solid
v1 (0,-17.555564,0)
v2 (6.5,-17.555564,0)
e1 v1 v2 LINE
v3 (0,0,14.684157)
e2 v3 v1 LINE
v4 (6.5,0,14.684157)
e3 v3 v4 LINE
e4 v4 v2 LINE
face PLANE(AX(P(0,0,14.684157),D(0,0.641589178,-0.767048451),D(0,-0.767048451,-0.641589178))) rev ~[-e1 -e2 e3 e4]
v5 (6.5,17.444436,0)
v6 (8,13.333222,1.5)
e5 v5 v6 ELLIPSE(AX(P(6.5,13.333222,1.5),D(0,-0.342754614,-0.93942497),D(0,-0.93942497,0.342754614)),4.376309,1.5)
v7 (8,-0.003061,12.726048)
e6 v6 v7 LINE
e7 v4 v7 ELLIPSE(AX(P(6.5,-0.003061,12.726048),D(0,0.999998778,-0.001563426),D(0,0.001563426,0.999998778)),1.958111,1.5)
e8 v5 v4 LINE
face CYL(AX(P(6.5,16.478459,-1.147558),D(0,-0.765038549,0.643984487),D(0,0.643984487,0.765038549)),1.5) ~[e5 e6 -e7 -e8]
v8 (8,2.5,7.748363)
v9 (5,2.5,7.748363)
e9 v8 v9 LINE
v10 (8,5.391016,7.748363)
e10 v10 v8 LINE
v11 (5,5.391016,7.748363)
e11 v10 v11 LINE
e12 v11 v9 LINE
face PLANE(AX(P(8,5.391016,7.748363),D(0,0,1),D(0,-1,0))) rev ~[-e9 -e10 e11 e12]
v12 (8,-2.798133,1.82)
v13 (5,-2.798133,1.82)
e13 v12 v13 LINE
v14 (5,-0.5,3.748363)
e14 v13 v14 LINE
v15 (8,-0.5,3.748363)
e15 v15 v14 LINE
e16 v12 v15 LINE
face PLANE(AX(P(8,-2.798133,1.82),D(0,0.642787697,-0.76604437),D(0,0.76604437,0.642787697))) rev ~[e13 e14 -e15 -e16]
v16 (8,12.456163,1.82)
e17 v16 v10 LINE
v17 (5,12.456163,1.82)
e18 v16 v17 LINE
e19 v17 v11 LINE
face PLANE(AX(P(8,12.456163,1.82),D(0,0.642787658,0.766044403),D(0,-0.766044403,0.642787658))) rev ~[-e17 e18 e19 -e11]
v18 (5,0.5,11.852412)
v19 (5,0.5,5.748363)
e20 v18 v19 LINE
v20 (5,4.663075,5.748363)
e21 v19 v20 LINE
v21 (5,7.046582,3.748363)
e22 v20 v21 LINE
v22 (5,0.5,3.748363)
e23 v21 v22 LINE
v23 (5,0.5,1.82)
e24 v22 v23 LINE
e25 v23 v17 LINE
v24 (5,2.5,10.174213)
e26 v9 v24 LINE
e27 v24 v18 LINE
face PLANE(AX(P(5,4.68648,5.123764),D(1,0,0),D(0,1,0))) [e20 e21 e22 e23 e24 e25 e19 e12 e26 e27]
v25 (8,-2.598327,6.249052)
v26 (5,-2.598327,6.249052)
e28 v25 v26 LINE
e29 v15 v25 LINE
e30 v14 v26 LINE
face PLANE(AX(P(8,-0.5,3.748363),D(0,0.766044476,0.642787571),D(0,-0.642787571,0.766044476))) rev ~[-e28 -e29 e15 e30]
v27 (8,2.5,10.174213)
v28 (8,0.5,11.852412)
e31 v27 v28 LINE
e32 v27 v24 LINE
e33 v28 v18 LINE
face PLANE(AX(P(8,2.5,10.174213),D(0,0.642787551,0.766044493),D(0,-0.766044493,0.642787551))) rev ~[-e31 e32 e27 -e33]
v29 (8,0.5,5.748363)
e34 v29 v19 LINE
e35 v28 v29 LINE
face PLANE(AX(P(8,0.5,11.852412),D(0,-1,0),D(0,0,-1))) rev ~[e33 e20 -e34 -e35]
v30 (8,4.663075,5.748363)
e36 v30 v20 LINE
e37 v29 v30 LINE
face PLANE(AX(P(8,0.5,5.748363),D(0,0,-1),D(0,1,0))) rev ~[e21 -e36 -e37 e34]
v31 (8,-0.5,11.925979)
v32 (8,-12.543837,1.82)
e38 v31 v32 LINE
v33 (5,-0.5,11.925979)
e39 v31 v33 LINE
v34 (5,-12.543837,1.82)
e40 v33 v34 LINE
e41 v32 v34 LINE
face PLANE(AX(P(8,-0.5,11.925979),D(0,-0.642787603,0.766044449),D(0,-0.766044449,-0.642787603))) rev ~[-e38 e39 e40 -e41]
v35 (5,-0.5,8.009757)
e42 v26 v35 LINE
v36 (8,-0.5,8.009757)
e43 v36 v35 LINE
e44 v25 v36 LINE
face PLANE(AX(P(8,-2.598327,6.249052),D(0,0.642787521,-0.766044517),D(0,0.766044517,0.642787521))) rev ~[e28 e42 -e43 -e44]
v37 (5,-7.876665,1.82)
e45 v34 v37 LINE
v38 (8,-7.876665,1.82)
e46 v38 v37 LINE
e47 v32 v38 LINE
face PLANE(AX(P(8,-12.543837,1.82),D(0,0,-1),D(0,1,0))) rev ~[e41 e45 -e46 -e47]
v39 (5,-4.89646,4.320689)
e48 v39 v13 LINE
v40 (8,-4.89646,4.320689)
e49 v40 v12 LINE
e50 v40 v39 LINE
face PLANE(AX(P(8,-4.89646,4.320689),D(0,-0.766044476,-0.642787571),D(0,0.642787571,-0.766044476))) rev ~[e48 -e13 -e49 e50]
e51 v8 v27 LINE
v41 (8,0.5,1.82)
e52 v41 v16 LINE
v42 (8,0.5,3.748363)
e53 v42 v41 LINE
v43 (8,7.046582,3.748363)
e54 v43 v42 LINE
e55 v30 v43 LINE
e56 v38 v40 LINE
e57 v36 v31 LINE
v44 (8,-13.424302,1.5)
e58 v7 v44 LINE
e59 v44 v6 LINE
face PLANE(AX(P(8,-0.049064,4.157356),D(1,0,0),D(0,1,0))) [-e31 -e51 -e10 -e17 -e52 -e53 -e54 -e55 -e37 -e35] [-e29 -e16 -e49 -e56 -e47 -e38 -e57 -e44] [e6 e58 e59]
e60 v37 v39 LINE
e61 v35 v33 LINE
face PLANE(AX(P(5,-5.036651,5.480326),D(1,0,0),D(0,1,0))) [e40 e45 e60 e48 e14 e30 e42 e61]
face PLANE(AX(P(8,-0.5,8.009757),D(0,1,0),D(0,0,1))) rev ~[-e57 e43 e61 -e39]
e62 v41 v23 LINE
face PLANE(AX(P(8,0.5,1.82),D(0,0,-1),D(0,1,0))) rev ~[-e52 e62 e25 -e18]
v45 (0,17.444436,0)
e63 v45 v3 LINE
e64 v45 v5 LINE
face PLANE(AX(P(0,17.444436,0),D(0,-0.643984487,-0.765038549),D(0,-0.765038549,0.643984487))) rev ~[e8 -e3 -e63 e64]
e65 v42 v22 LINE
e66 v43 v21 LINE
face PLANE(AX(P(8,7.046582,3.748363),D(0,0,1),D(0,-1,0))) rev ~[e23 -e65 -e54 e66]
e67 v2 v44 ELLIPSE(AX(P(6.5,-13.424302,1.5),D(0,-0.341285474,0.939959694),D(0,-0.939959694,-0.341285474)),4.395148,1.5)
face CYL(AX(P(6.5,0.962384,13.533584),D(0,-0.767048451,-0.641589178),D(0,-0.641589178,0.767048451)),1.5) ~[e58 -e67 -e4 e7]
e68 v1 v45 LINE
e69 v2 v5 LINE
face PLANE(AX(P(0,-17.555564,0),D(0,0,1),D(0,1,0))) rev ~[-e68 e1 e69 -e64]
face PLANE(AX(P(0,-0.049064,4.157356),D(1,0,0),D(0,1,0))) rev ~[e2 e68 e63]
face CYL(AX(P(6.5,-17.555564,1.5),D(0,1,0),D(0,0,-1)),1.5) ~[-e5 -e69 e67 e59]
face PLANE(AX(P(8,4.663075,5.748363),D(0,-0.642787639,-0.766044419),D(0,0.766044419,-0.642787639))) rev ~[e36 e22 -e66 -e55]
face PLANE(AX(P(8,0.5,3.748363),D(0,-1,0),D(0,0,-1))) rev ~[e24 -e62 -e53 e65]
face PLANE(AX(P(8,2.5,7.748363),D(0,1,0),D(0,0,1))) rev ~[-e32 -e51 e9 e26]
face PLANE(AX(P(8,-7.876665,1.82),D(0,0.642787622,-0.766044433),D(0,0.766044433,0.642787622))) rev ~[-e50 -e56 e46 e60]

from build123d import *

# Parameters (mm, degrees)
F1_DEPTH = 8
F3_DEPTH = 3
F4_R     = 1.5


with BuildPart() as f1:
    # F0 (on Right) → F1 (new body)
    with BuildSketch(Plane.YZ):
        Polygon((0, 14.684157), (-17.555564, 0), (17.444436, 0), align=None)
    extrude(amount=F1_DEPTH)

    # F2 (on face) → F3 (cut)
    with BuildSketch(Plane.YZ.offset(8)):
        Polygon((-0.5, 11.925979), (-12.543837, 1.82), (-7.876665, 1.82), (-4.89646, 4.320689), (-2.798133, 1.82), (-0.5, 3.748363), (-2.598327, 6.249052), (-0.5, 8.009757), align=None)
        Polygon((2.5, 10.174213), (0.5, 11.852412), (0.5, 5.748363), (4.663075, 5.748363), (7.046582, 3.748363), (0.5, 3.748363), (0.5, 1.82), (12.456163, 1.82), (5.391016, 7.748363), (2.5, 7.748363), align=None)
    extrude(amount=-F3_DEPTH, mode=Mode.SUBTRACT)

    # F4
    f4_edges = [f1.edges().sort_by_distance(p)[0] for p in [
        (8, 8.722218, 7.342078),
        (8, -8.777782, 7.342078),
        (8, -0.055564, 0),
    ]]
    fillet(f4_edges, radius=F4_R)


solid = f1.part
